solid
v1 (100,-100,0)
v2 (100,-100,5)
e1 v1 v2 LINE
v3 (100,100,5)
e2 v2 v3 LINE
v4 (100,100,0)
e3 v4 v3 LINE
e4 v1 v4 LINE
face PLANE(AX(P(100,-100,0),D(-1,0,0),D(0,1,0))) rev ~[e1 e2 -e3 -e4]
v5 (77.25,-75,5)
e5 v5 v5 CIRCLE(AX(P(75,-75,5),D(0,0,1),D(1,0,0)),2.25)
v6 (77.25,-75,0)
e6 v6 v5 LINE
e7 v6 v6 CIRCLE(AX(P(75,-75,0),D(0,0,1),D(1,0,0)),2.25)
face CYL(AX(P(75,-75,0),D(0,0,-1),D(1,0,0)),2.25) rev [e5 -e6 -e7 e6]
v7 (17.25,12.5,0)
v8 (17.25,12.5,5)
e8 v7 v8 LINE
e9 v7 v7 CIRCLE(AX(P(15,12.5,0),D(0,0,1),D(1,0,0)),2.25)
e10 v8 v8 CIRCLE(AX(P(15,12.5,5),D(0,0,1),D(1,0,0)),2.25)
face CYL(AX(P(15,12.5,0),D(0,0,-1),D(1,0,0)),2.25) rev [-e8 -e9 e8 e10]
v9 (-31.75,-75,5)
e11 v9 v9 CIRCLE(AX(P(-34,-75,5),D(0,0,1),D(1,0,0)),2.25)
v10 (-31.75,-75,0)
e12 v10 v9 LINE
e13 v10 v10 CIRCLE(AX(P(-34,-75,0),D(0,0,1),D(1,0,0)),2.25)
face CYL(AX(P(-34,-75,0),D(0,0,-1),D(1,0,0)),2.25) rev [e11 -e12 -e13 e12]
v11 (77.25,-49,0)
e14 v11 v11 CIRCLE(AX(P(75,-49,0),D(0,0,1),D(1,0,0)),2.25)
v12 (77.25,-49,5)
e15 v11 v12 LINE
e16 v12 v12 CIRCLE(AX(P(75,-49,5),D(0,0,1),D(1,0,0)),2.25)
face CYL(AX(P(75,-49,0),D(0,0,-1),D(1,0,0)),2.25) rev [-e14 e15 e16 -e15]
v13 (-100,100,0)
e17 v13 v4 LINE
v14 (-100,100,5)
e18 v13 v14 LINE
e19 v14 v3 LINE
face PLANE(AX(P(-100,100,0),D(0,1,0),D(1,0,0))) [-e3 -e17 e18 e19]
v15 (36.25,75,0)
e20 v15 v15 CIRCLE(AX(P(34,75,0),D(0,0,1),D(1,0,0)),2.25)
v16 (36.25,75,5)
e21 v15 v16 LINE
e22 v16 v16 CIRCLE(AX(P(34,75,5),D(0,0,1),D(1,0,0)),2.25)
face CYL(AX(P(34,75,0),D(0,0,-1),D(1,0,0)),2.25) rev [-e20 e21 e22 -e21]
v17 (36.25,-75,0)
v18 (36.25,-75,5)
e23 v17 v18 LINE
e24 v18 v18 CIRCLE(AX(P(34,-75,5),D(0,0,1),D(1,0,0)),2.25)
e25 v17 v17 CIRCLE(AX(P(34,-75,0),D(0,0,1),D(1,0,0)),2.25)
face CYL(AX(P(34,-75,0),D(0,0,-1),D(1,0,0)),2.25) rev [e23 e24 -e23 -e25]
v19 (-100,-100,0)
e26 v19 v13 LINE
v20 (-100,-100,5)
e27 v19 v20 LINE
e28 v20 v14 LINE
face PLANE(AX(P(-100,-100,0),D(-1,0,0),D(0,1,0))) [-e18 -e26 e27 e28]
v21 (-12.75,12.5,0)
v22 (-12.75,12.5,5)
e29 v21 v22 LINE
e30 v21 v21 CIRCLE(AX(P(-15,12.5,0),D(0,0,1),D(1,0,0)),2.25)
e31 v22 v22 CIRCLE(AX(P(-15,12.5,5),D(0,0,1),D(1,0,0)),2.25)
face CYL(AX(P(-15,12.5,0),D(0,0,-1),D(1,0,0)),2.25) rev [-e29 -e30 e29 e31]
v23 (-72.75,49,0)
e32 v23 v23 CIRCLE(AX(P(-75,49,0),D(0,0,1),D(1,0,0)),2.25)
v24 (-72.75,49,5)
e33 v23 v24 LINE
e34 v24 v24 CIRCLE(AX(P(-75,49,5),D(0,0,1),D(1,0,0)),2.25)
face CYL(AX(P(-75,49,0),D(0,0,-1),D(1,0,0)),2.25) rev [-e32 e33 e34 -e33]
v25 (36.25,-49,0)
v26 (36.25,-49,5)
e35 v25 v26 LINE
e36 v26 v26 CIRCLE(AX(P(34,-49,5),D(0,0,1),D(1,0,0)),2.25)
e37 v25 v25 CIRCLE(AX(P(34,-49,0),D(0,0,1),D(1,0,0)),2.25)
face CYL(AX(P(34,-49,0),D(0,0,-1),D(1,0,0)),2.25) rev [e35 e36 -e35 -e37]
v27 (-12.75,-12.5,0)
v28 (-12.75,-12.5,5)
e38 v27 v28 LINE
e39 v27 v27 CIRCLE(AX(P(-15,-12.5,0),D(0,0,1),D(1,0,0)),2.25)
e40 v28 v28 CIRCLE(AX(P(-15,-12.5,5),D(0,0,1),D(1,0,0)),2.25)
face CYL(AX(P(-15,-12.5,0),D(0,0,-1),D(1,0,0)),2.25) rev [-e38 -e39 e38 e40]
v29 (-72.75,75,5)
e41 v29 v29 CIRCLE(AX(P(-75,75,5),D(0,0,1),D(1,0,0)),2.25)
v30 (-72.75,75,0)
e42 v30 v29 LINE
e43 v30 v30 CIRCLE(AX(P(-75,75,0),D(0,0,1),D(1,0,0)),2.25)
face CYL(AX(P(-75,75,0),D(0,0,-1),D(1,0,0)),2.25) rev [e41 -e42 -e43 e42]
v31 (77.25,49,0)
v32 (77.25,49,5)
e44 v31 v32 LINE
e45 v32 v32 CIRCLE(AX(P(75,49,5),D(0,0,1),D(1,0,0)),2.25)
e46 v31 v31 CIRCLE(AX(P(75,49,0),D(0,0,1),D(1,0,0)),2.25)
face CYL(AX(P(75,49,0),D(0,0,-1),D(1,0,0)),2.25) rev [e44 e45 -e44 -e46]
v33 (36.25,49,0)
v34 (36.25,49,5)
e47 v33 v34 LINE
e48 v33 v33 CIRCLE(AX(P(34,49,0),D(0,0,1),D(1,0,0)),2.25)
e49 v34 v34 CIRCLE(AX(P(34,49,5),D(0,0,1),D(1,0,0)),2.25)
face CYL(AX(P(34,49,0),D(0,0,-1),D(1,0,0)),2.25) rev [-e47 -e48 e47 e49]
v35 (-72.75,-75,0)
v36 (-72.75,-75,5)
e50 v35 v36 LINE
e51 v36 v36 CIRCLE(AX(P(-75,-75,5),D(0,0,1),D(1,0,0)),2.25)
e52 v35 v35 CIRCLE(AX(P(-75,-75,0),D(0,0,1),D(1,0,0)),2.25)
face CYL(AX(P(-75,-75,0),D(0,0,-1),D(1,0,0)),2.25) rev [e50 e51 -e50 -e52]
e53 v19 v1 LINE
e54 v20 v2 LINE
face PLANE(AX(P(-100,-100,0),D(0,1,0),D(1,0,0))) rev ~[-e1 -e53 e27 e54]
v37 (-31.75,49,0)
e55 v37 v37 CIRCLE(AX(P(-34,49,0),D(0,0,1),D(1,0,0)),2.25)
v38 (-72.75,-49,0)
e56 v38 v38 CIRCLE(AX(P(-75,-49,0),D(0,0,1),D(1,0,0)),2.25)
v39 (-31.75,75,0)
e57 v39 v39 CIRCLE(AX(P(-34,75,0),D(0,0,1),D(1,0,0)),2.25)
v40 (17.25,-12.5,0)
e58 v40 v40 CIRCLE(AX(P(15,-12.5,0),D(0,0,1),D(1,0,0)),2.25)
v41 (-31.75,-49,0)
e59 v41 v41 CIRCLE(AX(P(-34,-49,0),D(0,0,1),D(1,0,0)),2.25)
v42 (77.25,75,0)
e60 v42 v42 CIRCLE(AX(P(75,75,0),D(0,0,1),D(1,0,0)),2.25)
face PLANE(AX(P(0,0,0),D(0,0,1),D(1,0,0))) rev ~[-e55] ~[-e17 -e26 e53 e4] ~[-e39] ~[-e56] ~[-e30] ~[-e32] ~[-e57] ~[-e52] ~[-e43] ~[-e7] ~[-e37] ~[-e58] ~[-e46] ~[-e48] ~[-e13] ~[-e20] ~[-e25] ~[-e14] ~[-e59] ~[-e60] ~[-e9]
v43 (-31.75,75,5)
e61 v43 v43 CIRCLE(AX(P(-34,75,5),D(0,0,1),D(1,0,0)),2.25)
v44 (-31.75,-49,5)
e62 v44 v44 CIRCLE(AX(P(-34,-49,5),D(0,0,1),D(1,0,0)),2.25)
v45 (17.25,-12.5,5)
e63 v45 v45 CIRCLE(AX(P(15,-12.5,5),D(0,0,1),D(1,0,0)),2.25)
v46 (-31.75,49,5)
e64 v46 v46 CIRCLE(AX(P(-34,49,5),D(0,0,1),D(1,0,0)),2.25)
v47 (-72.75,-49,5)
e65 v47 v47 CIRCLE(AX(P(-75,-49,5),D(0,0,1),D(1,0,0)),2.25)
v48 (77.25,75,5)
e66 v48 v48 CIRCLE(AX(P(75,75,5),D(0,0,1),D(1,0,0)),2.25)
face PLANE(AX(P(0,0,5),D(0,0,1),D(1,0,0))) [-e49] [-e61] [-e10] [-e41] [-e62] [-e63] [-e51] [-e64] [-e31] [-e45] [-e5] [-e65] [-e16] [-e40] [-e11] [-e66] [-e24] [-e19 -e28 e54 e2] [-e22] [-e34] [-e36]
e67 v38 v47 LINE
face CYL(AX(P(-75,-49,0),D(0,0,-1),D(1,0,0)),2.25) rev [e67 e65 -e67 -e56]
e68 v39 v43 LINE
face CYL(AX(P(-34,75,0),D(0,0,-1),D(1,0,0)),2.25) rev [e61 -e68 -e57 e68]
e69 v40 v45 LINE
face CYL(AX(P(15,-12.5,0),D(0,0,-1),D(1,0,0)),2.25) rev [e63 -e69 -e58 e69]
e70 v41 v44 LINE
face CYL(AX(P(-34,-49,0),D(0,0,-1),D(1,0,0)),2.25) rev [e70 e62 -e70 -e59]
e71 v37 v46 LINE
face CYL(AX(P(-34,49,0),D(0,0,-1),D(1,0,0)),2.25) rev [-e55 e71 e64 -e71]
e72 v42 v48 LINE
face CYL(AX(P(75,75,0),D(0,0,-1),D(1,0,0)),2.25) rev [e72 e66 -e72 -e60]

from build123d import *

# Parameters (mm, degrees)
F0_W     = 200
F0_H     = 200
F0_R     = 2.25
F1_DEPTH = 5


with BuildPart() as f1:
    # F0 (on Top) → F1 (new body)
    with BuildSketch(Plane.XY):
        Rectangle(F0_W, F0_H)
        with Locations((-75, -75)):
            Circle(F0_R, mode=Mode.SUBTRACT)
        with Locations((-34, -75)):
            Circle(F0_R, mode=Mode.SUBTRACT)
        with Locations((-75, -49)):
            Circle(F0_R, mode=Mode.SUBTRACT)
        with Locations((-34, -49)):
            Circle(F0_R, mode=Mode.SUBTRACT)
        with Locations((-15, -12.5)):
            Circle(F0_R, mode=Mode.SUBTRACT)
        with Locations((34, -75)):
            Circle(F0_R, mode=Mode.SUBTRACT)
        with Locations((75, -75)):
            Circle(F0_R, mode=Mode.SUBTRACT)
        with Locations((34, -49)):
            Circle(F0_R, mode=Mode.SUBTRACT)
        with Locations((15, -12.5)):
            Circle(F0_R, mode=Mode.SUBTRACT)
        with Locations((75, -49)):
            Circle(F0_R, mode=Mode.SUBTRACT)
        with Locations((-75, 49)):
            Circle(F0_R, mode=Mode.SUBTRACT)
        with Locations((-15, 12.5)):
            Circle(F0_R, mode=Mode.SUBTRACT)
        with Locations((-34, 49)):
            Circle(F0_R, mode=Mode.SUBTRACT)
        with Locations((-75, 75)):
            Circle(F0_R, mode=Mode.SUBTRACT)
        with Locations((-34, 75)):
            Circle(F0_R, mode=Mode.SUBTRACT)
        with Locations((15, 12.5)):
            Circle(F0_R, mode=Mode.SUBTRACT)
        with Locations((34, 49)):
            Circle(F0_R, mode=Mode.SUBTRACT)
        with Locations((75, 49)):
            Circle(F0_R, mode=Mode.SUBTRACT)
        with Locations((34, 75)):
            Circle(F0_R, mode=Mode.SUBTRACT)
        with Locations((75, 75)):
            Circle(F0_R, mode=Mode.SUBTRACT)
    extrude(amount=F1_DEPTH)


solid = f1.part
